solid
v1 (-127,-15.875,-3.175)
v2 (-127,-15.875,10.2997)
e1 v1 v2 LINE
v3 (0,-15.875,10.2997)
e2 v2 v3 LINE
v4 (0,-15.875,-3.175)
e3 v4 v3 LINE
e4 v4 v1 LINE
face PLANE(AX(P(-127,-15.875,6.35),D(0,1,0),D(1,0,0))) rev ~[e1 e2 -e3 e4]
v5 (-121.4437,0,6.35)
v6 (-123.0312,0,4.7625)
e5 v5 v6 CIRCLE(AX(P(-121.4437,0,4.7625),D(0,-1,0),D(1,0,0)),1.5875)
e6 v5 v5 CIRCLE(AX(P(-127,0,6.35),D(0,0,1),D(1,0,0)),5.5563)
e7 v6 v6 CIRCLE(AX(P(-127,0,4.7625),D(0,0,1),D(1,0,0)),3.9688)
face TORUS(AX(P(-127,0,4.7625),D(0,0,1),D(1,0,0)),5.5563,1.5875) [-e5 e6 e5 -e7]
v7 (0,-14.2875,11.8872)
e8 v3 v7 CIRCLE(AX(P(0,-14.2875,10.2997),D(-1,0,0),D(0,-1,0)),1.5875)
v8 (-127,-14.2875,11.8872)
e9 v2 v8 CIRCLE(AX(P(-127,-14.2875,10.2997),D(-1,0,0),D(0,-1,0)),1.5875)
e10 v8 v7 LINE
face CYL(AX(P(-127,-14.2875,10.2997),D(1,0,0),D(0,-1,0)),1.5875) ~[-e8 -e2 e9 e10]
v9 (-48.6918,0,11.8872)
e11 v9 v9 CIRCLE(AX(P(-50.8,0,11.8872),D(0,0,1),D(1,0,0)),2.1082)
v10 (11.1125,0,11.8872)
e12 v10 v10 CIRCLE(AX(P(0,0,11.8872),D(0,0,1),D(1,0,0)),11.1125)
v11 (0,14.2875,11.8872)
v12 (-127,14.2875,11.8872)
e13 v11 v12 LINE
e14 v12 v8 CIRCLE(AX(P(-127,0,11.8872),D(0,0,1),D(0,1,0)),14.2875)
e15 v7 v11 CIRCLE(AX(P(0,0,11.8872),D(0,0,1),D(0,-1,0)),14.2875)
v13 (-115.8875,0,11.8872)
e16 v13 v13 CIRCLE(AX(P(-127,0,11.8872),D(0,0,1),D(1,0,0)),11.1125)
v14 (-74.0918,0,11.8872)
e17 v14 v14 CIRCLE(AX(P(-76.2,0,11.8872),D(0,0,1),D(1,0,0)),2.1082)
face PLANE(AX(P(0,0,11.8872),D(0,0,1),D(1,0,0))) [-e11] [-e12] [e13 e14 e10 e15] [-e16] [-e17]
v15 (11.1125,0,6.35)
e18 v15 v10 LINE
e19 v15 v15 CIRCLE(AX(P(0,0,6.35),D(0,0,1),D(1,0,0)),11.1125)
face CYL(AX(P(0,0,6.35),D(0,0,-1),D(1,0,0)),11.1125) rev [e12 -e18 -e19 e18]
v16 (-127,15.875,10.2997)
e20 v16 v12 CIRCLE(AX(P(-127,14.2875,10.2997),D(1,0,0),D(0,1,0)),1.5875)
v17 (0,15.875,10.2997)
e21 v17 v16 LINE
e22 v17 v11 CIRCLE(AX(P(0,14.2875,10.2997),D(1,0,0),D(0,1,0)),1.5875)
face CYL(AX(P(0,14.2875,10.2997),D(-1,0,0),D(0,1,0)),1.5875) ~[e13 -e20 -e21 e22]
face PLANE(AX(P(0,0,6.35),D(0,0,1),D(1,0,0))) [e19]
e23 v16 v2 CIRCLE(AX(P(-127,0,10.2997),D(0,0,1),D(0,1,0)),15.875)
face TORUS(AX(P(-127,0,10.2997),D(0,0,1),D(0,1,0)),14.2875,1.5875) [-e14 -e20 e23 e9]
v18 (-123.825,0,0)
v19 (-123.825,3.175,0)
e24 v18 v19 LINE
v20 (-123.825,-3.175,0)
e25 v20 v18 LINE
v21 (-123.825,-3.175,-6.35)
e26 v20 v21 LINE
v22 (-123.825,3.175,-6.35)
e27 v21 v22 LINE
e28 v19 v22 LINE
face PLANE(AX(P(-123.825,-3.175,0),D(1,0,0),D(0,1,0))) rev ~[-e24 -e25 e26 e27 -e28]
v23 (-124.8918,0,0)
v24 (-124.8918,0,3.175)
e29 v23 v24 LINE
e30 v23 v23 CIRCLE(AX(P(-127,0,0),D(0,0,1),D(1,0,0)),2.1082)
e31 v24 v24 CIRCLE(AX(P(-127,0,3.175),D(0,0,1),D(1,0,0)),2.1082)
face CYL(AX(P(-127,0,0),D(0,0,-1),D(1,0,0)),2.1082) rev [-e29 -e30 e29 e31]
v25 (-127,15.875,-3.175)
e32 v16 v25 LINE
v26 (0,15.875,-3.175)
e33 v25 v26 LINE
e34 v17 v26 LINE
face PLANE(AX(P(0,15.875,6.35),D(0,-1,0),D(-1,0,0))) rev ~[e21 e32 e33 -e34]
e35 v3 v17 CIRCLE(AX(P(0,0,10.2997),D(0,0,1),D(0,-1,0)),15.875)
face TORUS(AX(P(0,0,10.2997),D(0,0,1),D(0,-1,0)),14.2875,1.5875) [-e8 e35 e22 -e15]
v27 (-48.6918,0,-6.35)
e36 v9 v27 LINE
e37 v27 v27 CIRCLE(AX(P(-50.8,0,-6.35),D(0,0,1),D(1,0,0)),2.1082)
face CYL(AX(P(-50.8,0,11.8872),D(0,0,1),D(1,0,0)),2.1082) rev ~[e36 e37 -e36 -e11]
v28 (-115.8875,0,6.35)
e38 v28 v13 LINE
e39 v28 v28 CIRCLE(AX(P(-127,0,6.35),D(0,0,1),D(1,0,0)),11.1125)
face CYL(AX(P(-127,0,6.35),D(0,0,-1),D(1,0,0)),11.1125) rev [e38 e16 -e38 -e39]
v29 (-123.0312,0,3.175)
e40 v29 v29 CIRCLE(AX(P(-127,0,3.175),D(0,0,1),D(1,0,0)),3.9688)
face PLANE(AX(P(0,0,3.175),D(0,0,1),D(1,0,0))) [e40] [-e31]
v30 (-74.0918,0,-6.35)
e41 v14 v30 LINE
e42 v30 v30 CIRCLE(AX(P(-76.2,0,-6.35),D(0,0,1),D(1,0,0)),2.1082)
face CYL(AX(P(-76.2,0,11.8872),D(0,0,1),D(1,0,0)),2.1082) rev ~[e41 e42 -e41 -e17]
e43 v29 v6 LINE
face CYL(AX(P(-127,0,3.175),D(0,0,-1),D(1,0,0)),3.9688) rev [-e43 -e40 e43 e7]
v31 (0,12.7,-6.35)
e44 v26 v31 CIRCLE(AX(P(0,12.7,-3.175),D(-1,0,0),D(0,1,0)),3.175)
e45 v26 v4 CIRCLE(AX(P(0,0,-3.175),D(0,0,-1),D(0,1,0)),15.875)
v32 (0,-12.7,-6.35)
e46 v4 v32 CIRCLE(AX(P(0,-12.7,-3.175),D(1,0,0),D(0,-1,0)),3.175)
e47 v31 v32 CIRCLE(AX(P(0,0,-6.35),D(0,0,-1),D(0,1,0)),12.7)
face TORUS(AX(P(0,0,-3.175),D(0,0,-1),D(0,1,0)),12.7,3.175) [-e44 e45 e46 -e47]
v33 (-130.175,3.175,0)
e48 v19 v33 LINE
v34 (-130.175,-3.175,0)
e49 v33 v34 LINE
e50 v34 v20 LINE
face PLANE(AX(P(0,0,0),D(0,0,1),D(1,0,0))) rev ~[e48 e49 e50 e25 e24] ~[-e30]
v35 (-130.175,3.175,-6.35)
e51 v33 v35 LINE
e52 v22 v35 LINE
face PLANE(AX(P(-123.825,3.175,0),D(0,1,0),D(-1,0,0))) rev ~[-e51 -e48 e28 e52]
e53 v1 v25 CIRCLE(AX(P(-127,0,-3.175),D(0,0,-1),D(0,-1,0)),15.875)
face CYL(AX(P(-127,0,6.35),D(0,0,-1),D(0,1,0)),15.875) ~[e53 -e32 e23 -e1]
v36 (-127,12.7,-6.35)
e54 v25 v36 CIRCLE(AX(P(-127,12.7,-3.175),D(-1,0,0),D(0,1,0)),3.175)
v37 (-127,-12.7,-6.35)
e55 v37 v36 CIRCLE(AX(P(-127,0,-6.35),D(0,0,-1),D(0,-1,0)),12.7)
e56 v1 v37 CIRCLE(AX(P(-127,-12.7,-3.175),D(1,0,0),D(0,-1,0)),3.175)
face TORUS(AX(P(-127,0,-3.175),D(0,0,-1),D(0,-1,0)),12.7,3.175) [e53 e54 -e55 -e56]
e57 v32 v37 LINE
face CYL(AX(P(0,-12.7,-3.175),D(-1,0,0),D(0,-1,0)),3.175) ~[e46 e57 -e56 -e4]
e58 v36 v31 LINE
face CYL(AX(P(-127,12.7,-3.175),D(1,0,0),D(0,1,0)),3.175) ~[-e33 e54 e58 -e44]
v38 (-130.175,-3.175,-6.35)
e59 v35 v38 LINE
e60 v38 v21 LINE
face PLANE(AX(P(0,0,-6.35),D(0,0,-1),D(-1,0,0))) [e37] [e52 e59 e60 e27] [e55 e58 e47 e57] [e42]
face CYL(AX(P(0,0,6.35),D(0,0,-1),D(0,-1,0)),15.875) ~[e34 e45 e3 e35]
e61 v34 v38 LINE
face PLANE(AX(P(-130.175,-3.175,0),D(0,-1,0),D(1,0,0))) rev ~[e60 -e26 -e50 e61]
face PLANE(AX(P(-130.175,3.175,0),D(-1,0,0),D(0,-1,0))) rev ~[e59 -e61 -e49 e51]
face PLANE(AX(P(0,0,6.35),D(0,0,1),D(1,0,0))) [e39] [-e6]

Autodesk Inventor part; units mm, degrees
ref_plane "YZ Plane" through (0, 0, 0) normal (1, 0, 0) x (0, 1, 0)
ref_plane "XZ Plane" through (0, 0, 0) normal (0, 1, 0) x (-1, 0, 0)
ref_plane "XY Plane" through (0, 0, 0) normal (0, 0, 1) x (1, 0, 0)
sketch "Sketch1" plane through (0, 0, 0) normal (0, 0, 1) x (1, 0, 0)
  circle A0 centre (0, 0) radius 15.875
  line L0 (0, 0) -> (-127, 0)
  circle A1 centre (-127, 0) radius 15.875
  line L1 (-127, 15.875) -> (0, 15.875)
  line L2 (0, -15.875) -> (-127, -15.875)
  circle A2 centre (-127, 0) radius 2.1082
  dimension "d0" = 31.75
  dimension "d1" = 127
  dimension "d2" = 31.75
  dimension "d3" = 4.2164
extrude "Extrusion1" add sketch "Sketch1" along normal blind 3.175
sketch "Sketch2" plane through (0, 0, 0) normal (0, 0, -1) x (-1, 0, 0)
  arc A0 (127, -15.875) -> (127, 15.875) centre (127, 0) ccw projected
  line L0 (0, 15.875) -> (127, 15.875) projected
  arc A1 (0, 15.875) -> (0, -15.875) centre (0, 0) ccw projected
  line L1 (127, -15.875) -> (0, -15.875) projected
  circle A2 centre (127, 0) radius 2.1082 projected
  line L2 (130.175, -3.175) -> (123.825, -3.175)
  line L3 (123.825, -3.175) -> (123.825, 3.175)
  line L4 (123.825, 3.175) -> (130.175, 3.175)
  line L5 (130.175, 3.175) -> (130.175, -3.175)
  line L6 (130.175, -3.175) -> (123.825, 3.175) construction
  line L7 (123.825, -3.175) -> (130.175, 3.175) construction
  dimension "d25" = 6.35
  dimension "d26" = 6.35
extrude "Extrusion2" add sketch "Sketch2" along normal blind 6.35 contours L1 A1 L0 A0
fillet "Fillet1" radius 3.175 4 edges at (15.875, 0, -6.35) (-63.5, -15.875, -6.35) (-142.875, 0, -6.35) (-63.5, 15.875, -6.35)
sketch "Sketch3" plane through (0, 0, 3.175) normal (0, 0, 1) x (1, 0, 0)
  arc A0 (-127, 15.875) -> (-127, -15.875) centre (-127, 0) ccw projected
  line L0 (-127, -15.875) -> (0, -15.875) projected
  arc A1 (0, -15.875) -> (0, 15.875) centre (0, 0) ccw projected
  line L1 (0, 15.875) -> (-127, 15.875) projected
  circle A2 centre (-127, 0) radius 2.1082 projected
  circle A3 centre (-127, 0) radius 3.9688
  dimension "d10" = 7.9375
extrude "Extrusion3" add sketch "Sketch3" along normal blind 3.175 contours L1 A1 L0 A0
sketch "Sketch4" plane through (0, 0, 6.35) normal (0, 0, 1) x (1, 0, 0)
  line L0 (-127, -15.875) -> (0, -15.875) projected
  arc A0 (0, -15.875) -> (0, 15.875) centre (0, 0) ccw projected
  line L1 (0, 15.875) -> (-127, 15.875) projected
  arc A1 (-127, 15.875) -> (-127, -15.875) centre (-127, 0) ccw projected
  circle A2 centre (-127, 0) radius 3.9688 projected
  circle A3 centre (-127, 0) radius 2.1082 projected
  circle A4 centre (-127, 0) radius 11.1125
  circle A5 centre (0, 0) radius 11.1125
  dimension "d13" = 22.225
  dimension "d14" = 22.225
extrude "Extrusion4" add sketch "Sketch4" along normal blind 5.5372 contours A1 L1 A0 L0
sketch "Sketch5" plane through (0, 0, 11.8872) normal (0, 0, 1) x (1, 0, 0)
  circle A0 centre (-76.2, 0) radius 2.1082
  circle A1 centre (-50.8, 0) radius 2.1082
  circle A2 centre (-127, 0) radius 2.1082 projected
  point P0 (0, 0)
  dimension "d17" = 4.2164
  dimension "d18" = 4.2164
  dimension "d19" = 50.8
  dimension "d20" = 50.8
extrude "Extrusion5" cut sketch "Sketch5" against normal blind 25.4 contours A0 | A1
fillet "Fillet2" radius 1.5875 4 edges at (-142.875, 0, 11.8872) (-63.5, -15.875, 11.8872) (15.875, 0, 11.8872) (-63.5, 15.875, 11.8872)
fillet "Fillet3" radius 1.5875 1 edges at (-130.9688, 0, 6.35)
properties part number "Plate E"
